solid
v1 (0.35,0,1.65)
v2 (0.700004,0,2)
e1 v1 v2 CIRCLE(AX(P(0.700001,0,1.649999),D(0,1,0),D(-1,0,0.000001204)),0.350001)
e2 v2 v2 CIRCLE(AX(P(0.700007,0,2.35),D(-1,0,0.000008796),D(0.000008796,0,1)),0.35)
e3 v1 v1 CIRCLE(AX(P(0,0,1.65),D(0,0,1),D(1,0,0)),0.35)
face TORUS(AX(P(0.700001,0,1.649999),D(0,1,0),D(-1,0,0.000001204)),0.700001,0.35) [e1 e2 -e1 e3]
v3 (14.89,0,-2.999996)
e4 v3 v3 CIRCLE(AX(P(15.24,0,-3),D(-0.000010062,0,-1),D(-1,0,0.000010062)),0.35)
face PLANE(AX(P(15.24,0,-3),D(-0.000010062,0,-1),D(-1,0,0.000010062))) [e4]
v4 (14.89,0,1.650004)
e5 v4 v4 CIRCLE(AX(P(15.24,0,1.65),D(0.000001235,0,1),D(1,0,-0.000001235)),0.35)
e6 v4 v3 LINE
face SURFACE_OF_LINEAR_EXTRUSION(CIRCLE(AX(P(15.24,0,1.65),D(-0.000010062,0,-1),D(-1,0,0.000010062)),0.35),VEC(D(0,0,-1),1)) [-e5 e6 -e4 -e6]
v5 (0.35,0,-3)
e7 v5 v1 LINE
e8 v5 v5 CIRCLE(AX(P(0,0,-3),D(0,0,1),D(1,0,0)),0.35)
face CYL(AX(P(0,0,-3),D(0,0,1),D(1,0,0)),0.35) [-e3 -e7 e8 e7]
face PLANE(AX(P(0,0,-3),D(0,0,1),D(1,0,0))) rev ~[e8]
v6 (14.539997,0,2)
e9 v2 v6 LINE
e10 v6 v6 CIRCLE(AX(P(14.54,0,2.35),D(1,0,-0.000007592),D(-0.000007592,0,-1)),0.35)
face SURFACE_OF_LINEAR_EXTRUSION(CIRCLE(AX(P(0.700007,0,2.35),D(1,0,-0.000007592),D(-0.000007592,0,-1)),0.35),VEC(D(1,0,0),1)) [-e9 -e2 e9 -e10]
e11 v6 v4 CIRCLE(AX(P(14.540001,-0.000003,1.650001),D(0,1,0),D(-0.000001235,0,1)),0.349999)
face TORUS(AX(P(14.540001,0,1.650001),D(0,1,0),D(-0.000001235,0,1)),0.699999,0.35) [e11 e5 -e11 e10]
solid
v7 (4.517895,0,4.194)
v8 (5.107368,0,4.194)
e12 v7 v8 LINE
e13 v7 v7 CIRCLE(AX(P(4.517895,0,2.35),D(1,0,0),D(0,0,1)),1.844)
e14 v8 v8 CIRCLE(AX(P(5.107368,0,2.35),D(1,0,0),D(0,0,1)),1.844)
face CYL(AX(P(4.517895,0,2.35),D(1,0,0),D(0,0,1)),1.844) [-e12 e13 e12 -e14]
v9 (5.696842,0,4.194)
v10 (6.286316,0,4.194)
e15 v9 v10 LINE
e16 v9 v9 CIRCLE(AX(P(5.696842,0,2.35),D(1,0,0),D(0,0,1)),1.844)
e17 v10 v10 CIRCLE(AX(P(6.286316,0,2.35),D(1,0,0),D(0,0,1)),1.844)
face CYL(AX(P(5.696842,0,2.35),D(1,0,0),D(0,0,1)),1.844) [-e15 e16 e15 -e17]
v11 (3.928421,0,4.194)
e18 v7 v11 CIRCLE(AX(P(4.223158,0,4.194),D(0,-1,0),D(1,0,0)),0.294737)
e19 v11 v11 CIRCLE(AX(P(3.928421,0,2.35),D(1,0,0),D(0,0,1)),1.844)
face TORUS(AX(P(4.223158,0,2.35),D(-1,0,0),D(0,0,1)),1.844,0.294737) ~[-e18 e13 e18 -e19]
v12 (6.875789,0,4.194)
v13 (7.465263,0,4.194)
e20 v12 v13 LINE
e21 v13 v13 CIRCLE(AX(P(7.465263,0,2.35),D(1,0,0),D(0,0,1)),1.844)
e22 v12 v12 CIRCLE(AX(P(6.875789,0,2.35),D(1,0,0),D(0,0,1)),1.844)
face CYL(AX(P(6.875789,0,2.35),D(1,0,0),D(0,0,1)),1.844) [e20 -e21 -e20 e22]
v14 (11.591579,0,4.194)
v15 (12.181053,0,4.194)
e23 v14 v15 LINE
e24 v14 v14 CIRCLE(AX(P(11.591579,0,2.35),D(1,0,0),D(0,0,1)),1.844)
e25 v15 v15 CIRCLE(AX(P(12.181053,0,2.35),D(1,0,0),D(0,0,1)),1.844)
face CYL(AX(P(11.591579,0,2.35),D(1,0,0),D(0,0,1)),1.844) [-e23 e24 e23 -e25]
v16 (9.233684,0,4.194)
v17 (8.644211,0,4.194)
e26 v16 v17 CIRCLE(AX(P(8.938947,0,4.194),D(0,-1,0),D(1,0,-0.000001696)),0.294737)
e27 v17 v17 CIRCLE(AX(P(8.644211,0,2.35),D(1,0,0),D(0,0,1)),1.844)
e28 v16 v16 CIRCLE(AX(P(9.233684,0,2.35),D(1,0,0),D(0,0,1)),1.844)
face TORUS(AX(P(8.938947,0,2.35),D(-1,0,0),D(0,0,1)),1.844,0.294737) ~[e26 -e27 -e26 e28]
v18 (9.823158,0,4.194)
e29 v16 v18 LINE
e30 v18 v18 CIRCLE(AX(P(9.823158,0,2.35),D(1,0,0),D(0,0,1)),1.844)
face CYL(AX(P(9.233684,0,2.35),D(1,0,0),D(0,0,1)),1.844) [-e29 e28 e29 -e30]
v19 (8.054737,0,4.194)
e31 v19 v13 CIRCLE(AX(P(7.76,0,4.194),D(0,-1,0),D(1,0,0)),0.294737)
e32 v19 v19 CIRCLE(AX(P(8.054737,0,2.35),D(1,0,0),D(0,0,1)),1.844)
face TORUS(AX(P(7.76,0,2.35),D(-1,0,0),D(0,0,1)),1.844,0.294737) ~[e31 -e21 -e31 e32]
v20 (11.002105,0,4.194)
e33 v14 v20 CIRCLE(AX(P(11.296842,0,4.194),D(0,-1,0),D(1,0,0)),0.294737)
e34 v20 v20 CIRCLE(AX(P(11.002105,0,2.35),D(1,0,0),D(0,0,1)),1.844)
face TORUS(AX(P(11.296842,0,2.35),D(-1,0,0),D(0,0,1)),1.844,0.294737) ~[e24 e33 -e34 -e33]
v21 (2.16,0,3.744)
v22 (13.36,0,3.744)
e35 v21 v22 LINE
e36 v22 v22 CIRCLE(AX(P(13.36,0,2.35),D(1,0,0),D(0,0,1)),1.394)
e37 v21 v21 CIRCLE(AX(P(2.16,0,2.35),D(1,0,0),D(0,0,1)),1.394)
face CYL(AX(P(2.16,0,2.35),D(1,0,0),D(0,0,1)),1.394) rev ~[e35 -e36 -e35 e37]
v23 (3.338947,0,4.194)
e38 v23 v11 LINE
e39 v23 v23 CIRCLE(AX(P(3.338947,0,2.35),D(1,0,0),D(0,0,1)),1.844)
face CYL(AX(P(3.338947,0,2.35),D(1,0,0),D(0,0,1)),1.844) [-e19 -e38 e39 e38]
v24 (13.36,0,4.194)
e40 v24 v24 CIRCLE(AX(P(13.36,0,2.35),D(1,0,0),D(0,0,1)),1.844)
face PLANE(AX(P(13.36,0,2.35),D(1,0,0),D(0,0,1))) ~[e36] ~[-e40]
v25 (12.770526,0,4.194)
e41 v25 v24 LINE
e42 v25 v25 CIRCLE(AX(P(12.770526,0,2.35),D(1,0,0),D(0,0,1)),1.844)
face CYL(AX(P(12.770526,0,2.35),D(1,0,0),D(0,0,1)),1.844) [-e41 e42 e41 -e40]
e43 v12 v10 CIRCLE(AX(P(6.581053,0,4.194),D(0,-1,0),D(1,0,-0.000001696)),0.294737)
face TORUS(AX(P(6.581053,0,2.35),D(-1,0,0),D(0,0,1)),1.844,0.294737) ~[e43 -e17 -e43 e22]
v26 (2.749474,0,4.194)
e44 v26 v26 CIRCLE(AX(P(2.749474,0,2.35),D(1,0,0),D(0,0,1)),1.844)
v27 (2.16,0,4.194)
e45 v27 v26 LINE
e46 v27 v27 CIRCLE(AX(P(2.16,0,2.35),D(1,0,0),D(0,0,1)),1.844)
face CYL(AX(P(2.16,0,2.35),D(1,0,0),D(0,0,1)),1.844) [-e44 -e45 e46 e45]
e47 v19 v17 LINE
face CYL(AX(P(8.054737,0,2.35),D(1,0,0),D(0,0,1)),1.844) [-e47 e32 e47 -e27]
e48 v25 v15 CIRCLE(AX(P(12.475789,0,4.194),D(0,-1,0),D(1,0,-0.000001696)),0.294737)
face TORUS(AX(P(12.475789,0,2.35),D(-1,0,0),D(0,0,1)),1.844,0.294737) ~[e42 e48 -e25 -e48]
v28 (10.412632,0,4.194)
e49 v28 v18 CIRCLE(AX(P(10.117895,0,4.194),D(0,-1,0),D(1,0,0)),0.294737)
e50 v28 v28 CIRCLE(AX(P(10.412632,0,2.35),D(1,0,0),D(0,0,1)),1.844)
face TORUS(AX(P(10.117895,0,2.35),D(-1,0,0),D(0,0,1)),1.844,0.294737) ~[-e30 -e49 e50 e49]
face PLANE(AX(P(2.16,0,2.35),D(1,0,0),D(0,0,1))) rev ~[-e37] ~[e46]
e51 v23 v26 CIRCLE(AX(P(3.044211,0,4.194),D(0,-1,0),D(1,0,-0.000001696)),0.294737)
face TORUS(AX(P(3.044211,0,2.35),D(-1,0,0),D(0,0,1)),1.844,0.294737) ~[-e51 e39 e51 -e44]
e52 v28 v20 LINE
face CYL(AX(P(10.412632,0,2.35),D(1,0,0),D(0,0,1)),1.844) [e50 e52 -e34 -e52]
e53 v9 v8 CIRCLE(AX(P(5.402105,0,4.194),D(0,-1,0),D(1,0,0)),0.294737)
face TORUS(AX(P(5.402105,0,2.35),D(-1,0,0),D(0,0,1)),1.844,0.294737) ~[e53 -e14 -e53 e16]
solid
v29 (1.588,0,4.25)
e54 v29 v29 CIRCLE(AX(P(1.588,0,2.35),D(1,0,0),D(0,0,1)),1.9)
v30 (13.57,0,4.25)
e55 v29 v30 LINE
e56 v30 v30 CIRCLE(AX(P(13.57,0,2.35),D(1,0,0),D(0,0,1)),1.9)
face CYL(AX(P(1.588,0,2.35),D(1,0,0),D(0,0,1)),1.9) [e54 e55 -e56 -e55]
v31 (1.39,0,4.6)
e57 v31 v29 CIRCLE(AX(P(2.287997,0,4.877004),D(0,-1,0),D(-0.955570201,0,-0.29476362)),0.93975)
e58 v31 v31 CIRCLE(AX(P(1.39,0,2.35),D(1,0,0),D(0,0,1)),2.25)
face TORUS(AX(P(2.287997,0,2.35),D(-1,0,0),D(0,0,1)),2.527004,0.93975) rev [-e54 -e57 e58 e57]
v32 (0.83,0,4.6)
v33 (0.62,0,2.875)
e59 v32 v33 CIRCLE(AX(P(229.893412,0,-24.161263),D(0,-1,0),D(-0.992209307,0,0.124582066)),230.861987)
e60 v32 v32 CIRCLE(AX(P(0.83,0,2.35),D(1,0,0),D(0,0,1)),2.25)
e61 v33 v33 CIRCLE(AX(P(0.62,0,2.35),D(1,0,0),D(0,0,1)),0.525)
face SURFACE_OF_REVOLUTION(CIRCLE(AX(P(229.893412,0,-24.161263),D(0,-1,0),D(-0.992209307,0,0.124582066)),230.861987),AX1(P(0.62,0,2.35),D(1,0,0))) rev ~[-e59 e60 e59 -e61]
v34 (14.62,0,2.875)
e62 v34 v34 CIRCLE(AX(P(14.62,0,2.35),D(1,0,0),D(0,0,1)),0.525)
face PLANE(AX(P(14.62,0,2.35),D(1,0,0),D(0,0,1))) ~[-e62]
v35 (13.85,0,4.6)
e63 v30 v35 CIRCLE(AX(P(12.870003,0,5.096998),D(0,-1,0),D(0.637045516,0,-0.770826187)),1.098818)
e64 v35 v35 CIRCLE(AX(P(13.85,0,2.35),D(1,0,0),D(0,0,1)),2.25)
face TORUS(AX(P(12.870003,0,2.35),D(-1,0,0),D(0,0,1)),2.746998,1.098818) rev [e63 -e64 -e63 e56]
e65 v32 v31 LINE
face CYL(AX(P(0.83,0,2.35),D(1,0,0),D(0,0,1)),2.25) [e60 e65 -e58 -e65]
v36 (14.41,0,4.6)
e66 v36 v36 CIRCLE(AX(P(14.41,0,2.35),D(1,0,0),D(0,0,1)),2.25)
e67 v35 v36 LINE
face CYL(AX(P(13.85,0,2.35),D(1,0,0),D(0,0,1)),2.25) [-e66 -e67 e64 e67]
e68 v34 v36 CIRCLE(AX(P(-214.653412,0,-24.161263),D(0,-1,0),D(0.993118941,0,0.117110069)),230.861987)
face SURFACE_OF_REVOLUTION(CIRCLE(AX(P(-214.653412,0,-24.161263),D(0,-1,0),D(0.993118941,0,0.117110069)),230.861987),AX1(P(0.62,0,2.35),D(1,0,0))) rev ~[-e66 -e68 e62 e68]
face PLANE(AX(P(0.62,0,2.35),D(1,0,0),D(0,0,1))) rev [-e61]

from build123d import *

# Parameters (mm, degrees)
SKETCH_R = 0.35


with BuildPart() as revolution:
    # Sketch002 → Revolution (revolve)
    with BuildSketch(Plane.XZ):
        with BuildLine():
            Line((0.83, 4.6), (1.39, 4.6))
            ThreePointArc((1.39, 4.6), (1.47006, 4.414285), (1.588, 4.25))
            Line((1.588, 4.25), (13.57, 4.25))
            ThreePointArc((13.57, 4.25), (13.728036, 4.410572), (13.85, 4.6))
            Line((13.85, 4.6), (14.41, 4.6))
            ThreePointArc((14.62, 2.875), (14.516623, 3.737698), (14.41, 4.6))
            Line((14.62, 2.35), (14.62, 2.875))
            Line((0.62, 2.35), (14.62, 2.35))
            Line((0.62, 2.35), (0.62, 2.875))
            ThreePointArc((0.83, 4.6), (0.723377, 3.737698), (0.62, 2.875))
        make_face()
    revolve(axis=Axis((0.62, 0, 2.35), (1, 0, 0)))


with BuildPart() as sweep_body:
    # Sweep: sweep along a path in Sketch001
    with BuildLine(Plane.XZ) as sweep_path:
        Line((0, -3), (0, 1.65))
        ThreePointArc((0, 1.65), (0.205028, 2.144977), (0.700007, 2.35))
        Line((0.700007, 2.35), (14.54, 2.35))
        ThreePointArc((14.54, 2.35), (15.034975, 2.144975), (15.24, 1.65))
        Line((15.24, 1.65), (15.24, -3))
    # Sketch → Sweep (sweep)
    with BuildSketch(Plane.XY.offset(-2)):
        Circle(SKETCH_R)
    sweep(path=sweep_path.line)


with BuildPart() as revolution001:
    # Sketch003 → Revolution001 (revolve)
    with BuildSketch(Plane.XZ):
        with BuildLine():
            ThreePointArc((3.338947, 4.194), (3.044211, 4.488737), (2.749474, 4.194))
            Line((2.16, 4.194), (2.749474, 4.194))
            Line((2.16, 4.194), (2.16, 3.744))
            Line((2.16, 3.744), (13.36, 3.744))
            Line((13.36, 3.744), (13.36, 4.194))
            Line((12.770526, 4.194), (13.36, 4.194))
            ThreePointArc((12.770526, 4.194), (12.475789, 4.488737), (12.181053, 4.194))
            Line((11.591579, 4.194), (12.181053, 4.194))
            ThreePointArc((11.591579, 4.194), (11.296842, 4.488737), (11.002105, 4.194))
            Line((10.412632, 4.194), (11.002105, 4.194))
            ThreePointArc((10.412632, 4.194), (10.117895, 4.488737), (9.823158, 4.194))
            Line((9.233684, 4.194), (9.823158, 4.194))
            ThreePointArc((9.233684, 4.194), (8.938947, 4.488737), (8.644211, 4.194))
            Line((8.054737, 4.194), (8.644211, 4.194))
            ThreePointArc((8.054737, 4.194), (7.76, 4.488737), (7.465263, 4.194))
            Line((6.875789, 4.194), (7.465263, 4.194))
            ThreePointArc((6.875789, 4.194), (6.581053, 4.488737), (6.286316, 4.194))
            Line((5.696842, 4.194), (6.286316, 4.194))
            ThreePointArc((5.696842, 4.194), (5.402105, 4.488737), (5.107368, 4.194))
            Line((4.517895, 4.194), (5.107368, 4.194))
            ThreePointArc((4.517895, 4.194), (4.223158, 4.488737), (3.928421, 4.194))
            Line((3.338947, 4.194), (3.928421, 4.194))
        make_face()
    revolve(axis=Axis((0.97, 0, 2.35), (1, 0, 0)))


solid = Compound([revolution.part, sweep_body.part, revolution001.part])
